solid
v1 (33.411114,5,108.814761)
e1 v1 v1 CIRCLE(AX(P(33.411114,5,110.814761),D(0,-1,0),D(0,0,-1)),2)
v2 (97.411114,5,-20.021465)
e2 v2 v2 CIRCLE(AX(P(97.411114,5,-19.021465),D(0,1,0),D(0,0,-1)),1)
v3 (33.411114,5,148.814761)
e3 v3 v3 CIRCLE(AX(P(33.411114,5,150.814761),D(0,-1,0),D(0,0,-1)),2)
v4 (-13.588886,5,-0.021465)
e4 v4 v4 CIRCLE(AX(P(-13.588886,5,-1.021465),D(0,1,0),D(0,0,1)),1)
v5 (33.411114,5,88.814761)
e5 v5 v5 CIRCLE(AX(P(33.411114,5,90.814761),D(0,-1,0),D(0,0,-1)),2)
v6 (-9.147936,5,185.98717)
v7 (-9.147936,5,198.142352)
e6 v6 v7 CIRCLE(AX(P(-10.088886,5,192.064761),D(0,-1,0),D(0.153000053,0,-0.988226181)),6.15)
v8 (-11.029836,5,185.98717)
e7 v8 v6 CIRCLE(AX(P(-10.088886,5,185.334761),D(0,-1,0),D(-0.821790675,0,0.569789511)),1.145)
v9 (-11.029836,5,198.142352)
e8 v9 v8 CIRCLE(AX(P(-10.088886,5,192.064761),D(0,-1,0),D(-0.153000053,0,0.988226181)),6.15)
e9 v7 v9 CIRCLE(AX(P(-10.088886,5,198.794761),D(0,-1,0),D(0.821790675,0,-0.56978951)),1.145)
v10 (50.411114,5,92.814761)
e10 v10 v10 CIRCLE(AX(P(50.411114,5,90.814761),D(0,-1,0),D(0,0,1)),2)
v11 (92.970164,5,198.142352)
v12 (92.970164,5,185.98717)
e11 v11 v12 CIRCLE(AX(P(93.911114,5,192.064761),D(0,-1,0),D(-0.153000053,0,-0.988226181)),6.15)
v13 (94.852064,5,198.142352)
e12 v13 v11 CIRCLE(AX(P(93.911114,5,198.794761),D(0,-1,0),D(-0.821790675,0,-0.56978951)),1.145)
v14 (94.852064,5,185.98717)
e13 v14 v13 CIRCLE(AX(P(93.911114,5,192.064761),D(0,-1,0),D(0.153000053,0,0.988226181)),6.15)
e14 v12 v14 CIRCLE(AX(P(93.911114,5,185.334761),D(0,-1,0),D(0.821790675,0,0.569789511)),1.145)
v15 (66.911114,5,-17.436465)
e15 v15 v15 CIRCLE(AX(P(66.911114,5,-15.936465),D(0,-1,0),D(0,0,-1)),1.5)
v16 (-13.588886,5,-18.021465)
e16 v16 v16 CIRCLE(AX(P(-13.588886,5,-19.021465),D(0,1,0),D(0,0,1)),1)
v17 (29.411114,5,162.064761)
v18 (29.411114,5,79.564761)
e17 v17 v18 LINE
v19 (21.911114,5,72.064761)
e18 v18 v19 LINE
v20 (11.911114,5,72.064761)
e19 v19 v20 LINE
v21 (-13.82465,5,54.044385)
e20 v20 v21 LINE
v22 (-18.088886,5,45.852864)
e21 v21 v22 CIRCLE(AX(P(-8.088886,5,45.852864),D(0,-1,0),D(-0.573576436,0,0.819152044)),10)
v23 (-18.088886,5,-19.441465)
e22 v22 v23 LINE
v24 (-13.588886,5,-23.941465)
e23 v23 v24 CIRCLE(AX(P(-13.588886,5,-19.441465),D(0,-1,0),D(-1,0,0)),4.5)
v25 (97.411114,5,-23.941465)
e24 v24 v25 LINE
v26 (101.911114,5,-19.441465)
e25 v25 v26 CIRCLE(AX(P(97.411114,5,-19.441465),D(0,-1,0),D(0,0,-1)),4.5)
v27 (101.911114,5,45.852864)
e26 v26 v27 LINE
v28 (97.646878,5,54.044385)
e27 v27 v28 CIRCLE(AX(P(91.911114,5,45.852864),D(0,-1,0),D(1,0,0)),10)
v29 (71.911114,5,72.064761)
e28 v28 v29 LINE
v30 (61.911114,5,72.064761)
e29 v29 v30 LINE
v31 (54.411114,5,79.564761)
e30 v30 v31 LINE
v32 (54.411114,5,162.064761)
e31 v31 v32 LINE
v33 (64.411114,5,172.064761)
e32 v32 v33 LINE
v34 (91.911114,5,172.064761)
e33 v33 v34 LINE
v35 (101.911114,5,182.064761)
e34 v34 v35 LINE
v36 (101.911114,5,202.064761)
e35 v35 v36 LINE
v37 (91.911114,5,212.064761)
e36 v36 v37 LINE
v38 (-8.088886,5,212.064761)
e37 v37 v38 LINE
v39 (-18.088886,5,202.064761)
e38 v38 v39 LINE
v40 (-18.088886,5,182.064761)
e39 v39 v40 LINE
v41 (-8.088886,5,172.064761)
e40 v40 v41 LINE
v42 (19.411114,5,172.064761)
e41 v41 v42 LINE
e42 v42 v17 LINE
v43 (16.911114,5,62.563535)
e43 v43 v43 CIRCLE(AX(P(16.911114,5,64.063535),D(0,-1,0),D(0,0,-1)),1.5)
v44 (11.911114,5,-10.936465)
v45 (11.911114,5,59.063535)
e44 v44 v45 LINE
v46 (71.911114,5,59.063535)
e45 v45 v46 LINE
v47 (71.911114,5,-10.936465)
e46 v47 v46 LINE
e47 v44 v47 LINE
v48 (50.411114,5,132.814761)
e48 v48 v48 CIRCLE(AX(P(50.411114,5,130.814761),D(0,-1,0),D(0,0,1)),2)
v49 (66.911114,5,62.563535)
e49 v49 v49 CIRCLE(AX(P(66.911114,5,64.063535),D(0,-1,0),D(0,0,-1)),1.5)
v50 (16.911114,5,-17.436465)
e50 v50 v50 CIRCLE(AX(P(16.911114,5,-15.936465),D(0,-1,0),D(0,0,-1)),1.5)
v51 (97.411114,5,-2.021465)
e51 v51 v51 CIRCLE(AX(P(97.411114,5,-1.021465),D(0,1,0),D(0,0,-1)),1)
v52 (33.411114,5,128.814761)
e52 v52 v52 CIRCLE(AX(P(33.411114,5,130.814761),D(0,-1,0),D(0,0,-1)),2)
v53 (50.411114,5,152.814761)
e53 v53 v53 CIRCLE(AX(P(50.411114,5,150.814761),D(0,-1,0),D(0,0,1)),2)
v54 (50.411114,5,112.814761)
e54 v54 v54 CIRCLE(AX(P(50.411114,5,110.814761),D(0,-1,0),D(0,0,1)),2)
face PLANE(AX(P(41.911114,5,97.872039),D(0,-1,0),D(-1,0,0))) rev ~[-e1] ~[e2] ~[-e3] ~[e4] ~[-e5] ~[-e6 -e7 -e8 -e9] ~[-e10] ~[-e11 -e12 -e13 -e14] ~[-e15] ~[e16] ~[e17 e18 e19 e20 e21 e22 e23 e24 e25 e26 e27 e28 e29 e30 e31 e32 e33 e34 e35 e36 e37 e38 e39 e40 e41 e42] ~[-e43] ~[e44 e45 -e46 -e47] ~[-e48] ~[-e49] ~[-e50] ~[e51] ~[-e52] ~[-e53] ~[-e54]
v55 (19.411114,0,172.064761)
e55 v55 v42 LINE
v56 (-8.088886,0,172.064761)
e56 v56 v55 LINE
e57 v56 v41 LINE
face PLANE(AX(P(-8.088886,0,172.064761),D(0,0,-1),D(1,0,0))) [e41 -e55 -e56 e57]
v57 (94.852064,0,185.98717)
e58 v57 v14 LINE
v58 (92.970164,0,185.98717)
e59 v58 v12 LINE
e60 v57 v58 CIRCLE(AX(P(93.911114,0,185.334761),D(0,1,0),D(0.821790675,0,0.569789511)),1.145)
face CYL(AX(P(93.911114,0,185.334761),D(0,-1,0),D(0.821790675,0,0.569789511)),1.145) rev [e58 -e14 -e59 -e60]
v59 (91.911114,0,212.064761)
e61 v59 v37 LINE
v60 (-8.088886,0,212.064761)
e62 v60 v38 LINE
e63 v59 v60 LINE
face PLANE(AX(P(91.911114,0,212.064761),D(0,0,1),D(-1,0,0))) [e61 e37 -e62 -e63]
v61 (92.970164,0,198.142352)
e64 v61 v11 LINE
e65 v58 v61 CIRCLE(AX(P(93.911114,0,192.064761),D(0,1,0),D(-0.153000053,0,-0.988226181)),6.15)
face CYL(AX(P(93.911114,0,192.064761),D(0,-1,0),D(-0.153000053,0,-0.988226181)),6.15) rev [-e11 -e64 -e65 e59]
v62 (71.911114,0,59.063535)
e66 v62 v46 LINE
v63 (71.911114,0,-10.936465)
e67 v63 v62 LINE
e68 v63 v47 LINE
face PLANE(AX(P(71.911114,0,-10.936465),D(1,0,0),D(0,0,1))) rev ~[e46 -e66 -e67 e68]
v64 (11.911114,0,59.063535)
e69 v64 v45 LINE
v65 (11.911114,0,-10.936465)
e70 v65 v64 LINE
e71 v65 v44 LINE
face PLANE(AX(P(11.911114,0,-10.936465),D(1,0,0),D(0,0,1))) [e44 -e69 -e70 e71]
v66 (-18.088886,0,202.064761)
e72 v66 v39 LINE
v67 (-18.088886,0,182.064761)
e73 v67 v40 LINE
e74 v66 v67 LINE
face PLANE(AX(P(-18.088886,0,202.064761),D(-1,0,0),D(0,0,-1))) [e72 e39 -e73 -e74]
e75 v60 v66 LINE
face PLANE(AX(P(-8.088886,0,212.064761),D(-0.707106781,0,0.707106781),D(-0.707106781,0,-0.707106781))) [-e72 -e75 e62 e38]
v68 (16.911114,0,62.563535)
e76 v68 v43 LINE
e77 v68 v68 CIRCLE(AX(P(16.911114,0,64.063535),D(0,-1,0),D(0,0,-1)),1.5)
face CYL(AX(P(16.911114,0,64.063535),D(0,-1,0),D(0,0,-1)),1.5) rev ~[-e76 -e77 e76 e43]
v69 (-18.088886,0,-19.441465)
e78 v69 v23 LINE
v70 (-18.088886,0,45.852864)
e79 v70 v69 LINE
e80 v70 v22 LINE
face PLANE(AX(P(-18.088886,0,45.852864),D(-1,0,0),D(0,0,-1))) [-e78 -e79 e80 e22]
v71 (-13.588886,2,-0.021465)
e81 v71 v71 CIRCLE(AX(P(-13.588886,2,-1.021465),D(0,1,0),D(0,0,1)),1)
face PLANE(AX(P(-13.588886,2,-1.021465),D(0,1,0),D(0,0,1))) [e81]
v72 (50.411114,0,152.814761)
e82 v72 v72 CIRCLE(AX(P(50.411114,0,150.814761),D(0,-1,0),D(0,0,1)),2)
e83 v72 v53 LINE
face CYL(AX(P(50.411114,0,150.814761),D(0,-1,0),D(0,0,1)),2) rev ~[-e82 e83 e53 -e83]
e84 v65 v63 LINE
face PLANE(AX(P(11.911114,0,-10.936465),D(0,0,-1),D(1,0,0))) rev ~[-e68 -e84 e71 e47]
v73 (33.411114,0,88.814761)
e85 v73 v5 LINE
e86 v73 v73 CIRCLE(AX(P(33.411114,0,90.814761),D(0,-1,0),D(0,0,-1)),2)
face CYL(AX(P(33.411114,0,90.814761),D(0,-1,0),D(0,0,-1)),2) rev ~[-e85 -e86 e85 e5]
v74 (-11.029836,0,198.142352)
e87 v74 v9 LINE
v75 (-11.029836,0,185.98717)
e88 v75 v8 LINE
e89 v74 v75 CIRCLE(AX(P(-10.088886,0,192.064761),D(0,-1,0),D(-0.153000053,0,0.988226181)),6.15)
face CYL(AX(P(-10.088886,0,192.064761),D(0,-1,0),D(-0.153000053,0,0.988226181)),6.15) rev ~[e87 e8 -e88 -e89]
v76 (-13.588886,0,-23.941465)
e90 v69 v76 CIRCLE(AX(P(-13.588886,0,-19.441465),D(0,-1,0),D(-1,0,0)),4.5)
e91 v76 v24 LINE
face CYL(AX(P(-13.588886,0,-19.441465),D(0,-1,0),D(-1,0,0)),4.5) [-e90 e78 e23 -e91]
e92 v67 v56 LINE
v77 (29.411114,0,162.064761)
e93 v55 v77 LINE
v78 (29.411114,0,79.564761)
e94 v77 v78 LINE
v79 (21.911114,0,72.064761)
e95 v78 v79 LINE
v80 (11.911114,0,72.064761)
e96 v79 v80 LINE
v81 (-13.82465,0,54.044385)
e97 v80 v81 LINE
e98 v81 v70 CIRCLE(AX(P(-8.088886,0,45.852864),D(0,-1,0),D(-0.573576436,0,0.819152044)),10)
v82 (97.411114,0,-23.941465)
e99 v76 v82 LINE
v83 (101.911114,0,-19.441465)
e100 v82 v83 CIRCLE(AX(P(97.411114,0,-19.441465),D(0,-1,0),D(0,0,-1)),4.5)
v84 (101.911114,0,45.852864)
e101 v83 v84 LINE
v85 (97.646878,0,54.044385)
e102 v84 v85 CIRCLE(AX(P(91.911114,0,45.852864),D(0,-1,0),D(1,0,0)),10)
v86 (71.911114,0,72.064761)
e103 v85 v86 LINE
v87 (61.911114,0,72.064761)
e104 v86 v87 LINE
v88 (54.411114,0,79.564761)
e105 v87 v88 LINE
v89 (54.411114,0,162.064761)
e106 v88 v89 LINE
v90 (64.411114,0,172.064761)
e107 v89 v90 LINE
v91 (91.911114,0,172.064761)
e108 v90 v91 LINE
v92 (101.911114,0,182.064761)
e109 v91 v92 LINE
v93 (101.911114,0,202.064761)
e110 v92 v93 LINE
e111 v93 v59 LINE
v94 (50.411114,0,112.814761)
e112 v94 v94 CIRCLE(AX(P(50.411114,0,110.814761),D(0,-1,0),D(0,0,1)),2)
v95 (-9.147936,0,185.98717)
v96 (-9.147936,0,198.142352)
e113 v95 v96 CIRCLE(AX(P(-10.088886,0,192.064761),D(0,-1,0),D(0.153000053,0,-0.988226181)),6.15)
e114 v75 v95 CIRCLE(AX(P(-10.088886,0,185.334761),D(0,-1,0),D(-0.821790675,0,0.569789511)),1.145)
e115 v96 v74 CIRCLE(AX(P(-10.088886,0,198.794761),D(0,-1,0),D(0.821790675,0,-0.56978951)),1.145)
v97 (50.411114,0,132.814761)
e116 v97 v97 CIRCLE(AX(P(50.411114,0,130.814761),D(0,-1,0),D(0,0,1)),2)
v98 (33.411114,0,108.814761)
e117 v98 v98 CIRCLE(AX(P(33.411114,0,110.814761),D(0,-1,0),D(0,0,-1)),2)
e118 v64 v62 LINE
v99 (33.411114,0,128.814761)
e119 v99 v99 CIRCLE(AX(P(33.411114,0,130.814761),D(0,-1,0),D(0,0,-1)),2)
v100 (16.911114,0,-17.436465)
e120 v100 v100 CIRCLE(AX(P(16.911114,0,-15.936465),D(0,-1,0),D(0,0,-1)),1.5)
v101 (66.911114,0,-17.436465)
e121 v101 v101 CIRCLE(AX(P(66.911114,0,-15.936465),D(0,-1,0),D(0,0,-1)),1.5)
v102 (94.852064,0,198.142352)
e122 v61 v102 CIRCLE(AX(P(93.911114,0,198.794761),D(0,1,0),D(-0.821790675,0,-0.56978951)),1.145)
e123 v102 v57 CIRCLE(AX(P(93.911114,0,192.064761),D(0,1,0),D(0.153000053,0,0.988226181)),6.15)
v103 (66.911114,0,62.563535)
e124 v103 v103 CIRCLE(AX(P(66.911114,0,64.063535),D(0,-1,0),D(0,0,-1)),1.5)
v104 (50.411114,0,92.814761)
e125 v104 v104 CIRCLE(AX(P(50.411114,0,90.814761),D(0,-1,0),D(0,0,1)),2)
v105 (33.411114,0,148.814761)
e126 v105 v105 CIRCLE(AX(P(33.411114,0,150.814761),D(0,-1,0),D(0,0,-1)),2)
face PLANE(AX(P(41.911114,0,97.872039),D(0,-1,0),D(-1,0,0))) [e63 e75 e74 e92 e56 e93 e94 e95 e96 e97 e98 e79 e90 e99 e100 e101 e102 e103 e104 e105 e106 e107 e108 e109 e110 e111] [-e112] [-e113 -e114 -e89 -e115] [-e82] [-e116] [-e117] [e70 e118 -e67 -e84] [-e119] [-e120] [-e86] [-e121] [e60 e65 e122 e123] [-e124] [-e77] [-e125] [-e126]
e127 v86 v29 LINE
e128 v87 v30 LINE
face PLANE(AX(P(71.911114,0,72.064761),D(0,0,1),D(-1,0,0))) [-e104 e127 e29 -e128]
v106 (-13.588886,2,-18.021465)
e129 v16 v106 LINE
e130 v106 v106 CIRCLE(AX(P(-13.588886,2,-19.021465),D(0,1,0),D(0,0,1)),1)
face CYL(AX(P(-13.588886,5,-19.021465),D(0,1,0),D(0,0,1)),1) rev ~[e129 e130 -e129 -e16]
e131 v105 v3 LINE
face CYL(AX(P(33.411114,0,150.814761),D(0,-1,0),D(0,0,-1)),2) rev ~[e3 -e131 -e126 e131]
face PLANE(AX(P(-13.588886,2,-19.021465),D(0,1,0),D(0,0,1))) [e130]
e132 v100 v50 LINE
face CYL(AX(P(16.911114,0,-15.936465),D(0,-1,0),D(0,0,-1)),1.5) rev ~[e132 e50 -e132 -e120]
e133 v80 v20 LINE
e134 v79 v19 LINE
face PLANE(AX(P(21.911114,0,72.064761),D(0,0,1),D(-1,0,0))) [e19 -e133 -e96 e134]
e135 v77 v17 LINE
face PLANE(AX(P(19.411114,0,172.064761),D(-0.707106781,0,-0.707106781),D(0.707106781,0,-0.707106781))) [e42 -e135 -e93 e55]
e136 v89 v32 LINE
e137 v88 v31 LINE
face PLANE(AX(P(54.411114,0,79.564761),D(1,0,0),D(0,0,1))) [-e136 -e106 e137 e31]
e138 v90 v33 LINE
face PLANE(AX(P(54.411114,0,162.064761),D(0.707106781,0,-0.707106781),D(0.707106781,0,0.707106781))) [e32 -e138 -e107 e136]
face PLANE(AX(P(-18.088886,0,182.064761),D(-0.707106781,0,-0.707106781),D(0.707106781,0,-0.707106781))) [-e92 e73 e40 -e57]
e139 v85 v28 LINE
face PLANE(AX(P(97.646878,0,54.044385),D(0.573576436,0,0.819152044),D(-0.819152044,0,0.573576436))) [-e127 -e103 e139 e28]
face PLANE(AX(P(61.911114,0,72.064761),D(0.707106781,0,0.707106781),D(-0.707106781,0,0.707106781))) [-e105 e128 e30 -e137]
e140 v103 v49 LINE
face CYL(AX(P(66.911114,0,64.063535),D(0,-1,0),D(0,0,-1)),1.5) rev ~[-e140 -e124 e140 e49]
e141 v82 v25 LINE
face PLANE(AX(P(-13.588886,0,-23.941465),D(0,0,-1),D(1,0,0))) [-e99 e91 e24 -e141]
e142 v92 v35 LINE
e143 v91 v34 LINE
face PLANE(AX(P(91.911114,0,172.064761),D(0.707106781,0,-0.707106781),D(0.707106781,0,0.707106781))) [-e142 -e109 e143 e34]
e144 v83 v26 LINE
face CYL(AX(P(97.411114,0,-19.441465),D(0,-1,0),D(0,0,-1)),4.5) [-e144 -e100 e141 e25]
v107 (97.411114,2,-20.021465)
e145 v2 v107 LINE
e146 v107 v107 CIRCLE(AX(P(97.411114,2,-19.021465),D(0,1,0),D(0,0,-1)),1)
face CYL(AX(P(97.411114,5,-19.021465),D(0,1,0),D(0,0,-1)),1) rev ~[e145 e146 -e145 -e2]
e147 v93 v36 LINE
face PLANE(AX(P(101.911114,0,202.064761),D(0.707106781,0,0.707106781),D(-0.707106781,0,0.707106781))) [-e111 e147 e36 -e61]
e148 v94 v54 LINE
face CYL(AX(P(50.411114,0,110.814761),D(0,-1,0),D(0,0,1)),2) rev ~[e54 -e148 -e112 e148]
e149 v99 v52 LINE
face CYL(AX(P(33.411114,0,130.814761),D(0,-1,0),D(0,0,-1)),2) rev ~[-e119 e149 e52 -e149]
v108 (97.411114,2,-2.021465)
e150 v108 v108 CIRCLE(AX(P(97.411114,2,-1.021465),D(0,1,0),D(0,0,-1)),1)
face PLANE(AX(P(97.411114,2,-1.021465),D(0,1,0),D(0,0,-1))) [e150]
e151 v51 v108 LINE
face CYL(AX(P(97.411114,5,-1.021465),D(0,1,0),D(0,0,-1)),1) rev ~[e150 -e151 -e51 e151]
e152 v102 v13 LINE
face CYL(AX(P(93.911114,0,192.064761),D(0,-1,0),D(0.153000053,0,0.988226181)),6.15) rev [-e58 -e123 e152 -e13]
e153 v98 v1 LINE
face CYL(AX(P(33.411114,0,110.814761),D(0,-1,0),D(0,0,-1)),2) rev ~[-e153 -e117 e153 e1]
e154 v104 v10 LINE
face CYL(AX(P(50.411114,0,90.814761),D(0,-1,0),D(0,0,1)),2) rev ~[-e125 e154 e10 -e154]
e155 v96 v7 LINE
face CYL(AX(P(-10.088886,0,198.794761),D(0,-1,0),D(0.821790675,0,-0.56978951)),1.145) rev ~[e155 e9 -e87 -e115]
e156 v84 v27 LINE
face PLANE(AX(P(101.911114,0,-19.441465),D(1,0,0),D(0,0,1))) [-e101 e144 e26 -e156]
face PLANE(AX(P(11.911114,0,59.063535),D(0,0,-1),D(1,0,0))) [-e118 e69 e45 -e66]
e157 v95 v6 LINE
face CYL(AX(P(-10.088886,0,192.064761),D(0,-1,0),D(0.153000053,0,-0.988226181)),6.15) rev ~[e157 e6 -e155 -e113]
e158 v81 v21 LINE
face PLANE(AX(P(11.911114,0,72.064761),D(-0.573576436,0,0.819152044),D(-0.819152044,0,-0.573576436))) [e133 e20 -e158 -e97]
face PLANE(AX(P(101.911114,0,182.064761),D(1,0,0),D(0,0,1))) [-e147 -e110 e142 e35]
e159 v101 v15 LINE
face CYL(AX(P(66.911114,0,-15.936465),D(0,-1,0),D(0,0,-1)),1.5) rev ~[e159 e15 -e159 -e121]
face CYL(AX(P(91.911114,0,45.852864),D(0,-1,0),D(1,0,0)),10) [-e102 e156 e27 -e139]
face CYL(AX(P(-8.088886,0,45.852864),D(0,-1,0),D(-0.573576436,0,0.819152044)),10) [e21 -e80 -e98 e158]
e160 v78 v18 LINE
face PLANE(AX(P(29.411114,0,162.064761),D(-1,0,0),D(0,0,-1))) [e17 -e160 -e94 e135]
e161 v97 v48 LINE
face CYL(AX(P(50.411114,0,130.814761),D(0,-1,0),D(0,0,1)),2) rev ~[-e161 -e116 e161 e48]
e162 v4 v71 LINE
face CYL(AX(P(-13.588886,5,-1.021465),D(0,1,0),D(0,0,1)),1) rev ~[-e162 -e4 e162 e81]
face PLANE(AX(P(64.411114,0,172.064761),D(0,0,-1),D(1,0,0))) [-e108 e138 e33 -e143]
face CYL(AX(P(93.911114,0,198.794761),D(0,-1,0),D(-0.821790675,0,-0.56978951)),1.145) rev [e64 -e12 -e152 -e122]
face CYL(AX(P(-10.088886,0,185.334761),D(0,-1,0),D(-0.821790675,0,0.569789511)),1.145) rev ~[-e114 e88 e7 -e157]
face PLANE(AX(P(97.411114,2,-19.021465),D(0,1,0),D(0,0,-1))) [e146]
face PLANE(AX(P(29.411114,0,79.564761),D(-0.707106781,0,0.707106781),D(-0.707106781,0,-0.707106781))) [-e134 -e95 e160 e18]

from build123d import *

# Parameters (mm, degrees)
BASE_DEPTH               = 5
ESBO_O2_R                = 1
FURO_BRACKET_MOTOR_DEPTH = 3
ESBO_O4_W                = 60
ESBO_O4_H                = 70
ENCAIXE_PCB_DEPTH        = 236.334523507
ESBO_O6_R                = 1.5
PARAFUSO_PCB_DEPTH       = 236.334523507
ESBO_O7_R                = 2
ENFORCA_GATO_DEPTH       = 236.334523507
CORTE_EXTRUS_O1_DEPTH    = 10


with BuildPart() as part:
    # Esboço1 → Base (new body)
    with BuildSketch(Plane(origin=(0, 0, 0), x_dir=(1, 0, 0), z_dir=(0, 1, 0))):
        with BuildLine():
            Line((-18.088885989, 17.941465294), (-18.088885989, 19.441465294))
            ThreePointArc((-18.088885989, 19.441465294), (-16.770866504, 22.623445809), (-13.588885989, 23.941465294))
            Line((-13.588885989, 23.941465294), (97.411114011, 23.941465294))
            ThreePointArc((97.411114011, 23.941465294), (100.593094526, 22.623445809), (101.911114011, 19.441465294))
            Line((101.911114011, 19.441465294), (101.911114011, 17.941465294))
            Line((101.911114011, 17.941465294), (101.911114011, -45.8528642))
            ThreePointArc((101.911114011, -45.8528642), (100.781222343, -50.470350333), (97.646878374, -54.044384643))
            Line((97.646878374, -54.044384643), (71.911114011, -72.064760852))
            Line((71.911114011, -72.064760852), (61.911114011, -72.064760852))
            Line((61.911114011, -72.064760852), (54.411114011, -79.564760852))
            Line((54.411114011, -79.564760852), (54.411114011, -162.064760852))
            Line((54.411114011, -162.064760852), (64.411114011, -172.064760852))
            Line((64.411114011, -172.064760852), (91.911114011, -172.064760852))
            Line((91.911114011, -172.064760852), (101.911114011, -182.064760852))
            Line((101.911114011, -182.064760852), (101.911114011, -202.064760852))
            Line((101.911114011, -202.064760852), (91.911114011, -212.064760852))
            Line((91.911114011, -212.064760852), (-8.088885989, -212.064760852))
            Line((-8.088885989, -212.064760852), (-18.088885989, -202.064760852))
            Line((-18.088885989, -202.064760852), (-18.088885989, -182.064760852))
            Line((-18.088885989, -182.064760852), (-8.088885989, -172.064760852))
            Line((-8.088885989, -172.064760852), (19.411114011, -172.064760852))
            Line((19.411114011, -172.064760852), (29.411114011, -162.064760852))
            Line((29.411114011, -162.064760852), (29.411114011, -79.564760852))
            Line((29.411114011, -79.564760852), (21.911114011, -72.064760852))
            Line((21.911114011, -72.064760852), (11.911114011, -72.064760852))
            Line((11.911114011, -72.064760852), (-13.824650353, -54.044384643))
            ThreePointArc((-13.824650353, -54.044384643), (-16.958994321, -50.470350333), (-18.088885989, -45.8528642))
            Line((-18.088885989, -45.8528642), (-18.088885989, 17.941465294))
        make_face()
    extrude(amount=BASE_DEPTH)

    # Esboço2 → Furo Bracket Motor (cut)
    with BuildSketch(Plane(origin=(0, 5, 0), x_dir=(1, 0, 0), z_dir=(0, 1, 0))):
        with Locations(Location((-13.588885989, 19.021465294, 0), (0, 0, 270))):
            Circle(ESBO_O2_R)
        with Locations(Location((-13.588885989, 1.021465294, 0), (0, 0, 270))):
            Circle(ESBO_O2_R)
        with Locations(Location((97.411114011, 1.021465294, 0), (0, 0, 90))):
            Circle(ESBO_O2_R)
        with Locations(Location((97.411114011, 19.021465294, 0), (0, 0, 90))):
            Circle(ESBO_O2_R)
    extrude(amount=-FURO_BRACKET_MOTOR_DEPTH, mode=Mode.SUBTRACT)

    # Esboço4 → Encaixe PCB (cut, through all)
    with BuildSketch(Plane.XZ):
        with Locations((41.911114011, 24.063534706)):
            Rectangle(ESBO_O4_W, ESBO_O4_H)
    extrude(amount=-ENCAIXE_PCB_DEPTH, mode=Mode.SUBTRACT)

    # Esboço6 → Parafuso PCB (cut, through all)
    with BuildSketch(Plane.XZ):
        with Locations(Location((16.911114011, 64.063534706, 0), (0, 0, 270))):
            Circle(ESBO_O6_R)
        with Locations(Location((66.911114011, 64.063534706, 0), (0, 0, 270))):
            Circle(ESBO_O6_R)
        with Locations(Location((66.911114011, -15.936465294, 0), (0, 0, 270))):
            Circle(ESBO_O6_R)
        with Locations(Location((16.911114011, -15.936465294, 0), (0, 0, 270))):
            Circle(ESBO_O6_R)
    extrude(amount=-PARAFUSO_PCB_DEPTH, mode=Mode.SUBTRACT)

    # Esboço7 → Enforca Gato (cut, through all)
    with BuildSketch(Plane.XZ):
        with Locations(Location((33.411114011, 90.814760852, 0), (0, 0, 270))):
            Circle(ESBO_O7_R)
        with Locations(Location((33.411114011, 110.814760852, 0), (0, 0, 270))):
            Circle(ESBO_O7_R)
        with Locations(Location((33.411114011, 130.814760852, 0), (0, 0, 270))):
            Circle(ESBO_O7_R)
        with Locations(Location((33.411114011, 150.814760852, 0), (0, 0, 270))):
            Circle(ESBO_O7_R)
        with Locations(Location((50.411114011, 150.814760852, 0), (0, 0, 90))):
            Circle(ESBO_O7_R)
        with Locations(Location((50.411114011, 130.814760852, 0), (0, 0, 90))):
            Circle(ESBO_O7_R)
        with Locations(Location((50.411114011, 110.814760852, 0), (0, 0, 90))):
            Circle(ESBO_O7_R)
        with Locations(Location((50.411114011, 90.814760852, 0), (0, 0, 90))):
            Circle(ESBO_O7_R)
    extrude(amount=-ENFORCA_GATO_DEPTH, mode=Mode.SUBTRACT)

    # Esboço8 → Corte-extrusão1 (cut)
    with BuildSketch(Plane.XZ):
        with BuildLine():
            ThreePointArc((-11.029836312, 185.987169842), (-10.088885989, 184.189760852), (-9.147935666, 185.987169842))
            ThreePointArc((-9.147935666, 185.987169842), (-3.938885989, 192.064760852), (-9.147935666, 198.142351863))
            ThreePointArc((-9.147935666, 198.142351863), (-10.088885989, 199.939760852), (-11.029836312, 198.142351863))
            ThreePointArc((-11.029836312, 198.142351863), (-16.238885989, 192.064760852), (-11.029836312, 185.987169842))
        make_face()
        with BuildLine():
            ThreePointArc((92.970163688, 185.987169842), (87.761114011, 192.064760852), (92.970163688, 198.142351863))
            ThreePointArc((92.970163688, 198.142351863), (93.911114011, 199.939760852), (94.852064334, 198.142351863))
            ThreePointArc((94.852064334, 198.142351863), (100.061114011, 192.064760852), (94.852064334, 185.987169842))
            ThreePointArc((94.852064334, 185.987169842), (93.911114011, 184.189760852), (92.970163688, 185.987169842))
        make_face()
    extrude(amount=-CORTE_EXTRUS_O1_DEPTH, mode=Mode.SUBTRACT)


solid = part.part
